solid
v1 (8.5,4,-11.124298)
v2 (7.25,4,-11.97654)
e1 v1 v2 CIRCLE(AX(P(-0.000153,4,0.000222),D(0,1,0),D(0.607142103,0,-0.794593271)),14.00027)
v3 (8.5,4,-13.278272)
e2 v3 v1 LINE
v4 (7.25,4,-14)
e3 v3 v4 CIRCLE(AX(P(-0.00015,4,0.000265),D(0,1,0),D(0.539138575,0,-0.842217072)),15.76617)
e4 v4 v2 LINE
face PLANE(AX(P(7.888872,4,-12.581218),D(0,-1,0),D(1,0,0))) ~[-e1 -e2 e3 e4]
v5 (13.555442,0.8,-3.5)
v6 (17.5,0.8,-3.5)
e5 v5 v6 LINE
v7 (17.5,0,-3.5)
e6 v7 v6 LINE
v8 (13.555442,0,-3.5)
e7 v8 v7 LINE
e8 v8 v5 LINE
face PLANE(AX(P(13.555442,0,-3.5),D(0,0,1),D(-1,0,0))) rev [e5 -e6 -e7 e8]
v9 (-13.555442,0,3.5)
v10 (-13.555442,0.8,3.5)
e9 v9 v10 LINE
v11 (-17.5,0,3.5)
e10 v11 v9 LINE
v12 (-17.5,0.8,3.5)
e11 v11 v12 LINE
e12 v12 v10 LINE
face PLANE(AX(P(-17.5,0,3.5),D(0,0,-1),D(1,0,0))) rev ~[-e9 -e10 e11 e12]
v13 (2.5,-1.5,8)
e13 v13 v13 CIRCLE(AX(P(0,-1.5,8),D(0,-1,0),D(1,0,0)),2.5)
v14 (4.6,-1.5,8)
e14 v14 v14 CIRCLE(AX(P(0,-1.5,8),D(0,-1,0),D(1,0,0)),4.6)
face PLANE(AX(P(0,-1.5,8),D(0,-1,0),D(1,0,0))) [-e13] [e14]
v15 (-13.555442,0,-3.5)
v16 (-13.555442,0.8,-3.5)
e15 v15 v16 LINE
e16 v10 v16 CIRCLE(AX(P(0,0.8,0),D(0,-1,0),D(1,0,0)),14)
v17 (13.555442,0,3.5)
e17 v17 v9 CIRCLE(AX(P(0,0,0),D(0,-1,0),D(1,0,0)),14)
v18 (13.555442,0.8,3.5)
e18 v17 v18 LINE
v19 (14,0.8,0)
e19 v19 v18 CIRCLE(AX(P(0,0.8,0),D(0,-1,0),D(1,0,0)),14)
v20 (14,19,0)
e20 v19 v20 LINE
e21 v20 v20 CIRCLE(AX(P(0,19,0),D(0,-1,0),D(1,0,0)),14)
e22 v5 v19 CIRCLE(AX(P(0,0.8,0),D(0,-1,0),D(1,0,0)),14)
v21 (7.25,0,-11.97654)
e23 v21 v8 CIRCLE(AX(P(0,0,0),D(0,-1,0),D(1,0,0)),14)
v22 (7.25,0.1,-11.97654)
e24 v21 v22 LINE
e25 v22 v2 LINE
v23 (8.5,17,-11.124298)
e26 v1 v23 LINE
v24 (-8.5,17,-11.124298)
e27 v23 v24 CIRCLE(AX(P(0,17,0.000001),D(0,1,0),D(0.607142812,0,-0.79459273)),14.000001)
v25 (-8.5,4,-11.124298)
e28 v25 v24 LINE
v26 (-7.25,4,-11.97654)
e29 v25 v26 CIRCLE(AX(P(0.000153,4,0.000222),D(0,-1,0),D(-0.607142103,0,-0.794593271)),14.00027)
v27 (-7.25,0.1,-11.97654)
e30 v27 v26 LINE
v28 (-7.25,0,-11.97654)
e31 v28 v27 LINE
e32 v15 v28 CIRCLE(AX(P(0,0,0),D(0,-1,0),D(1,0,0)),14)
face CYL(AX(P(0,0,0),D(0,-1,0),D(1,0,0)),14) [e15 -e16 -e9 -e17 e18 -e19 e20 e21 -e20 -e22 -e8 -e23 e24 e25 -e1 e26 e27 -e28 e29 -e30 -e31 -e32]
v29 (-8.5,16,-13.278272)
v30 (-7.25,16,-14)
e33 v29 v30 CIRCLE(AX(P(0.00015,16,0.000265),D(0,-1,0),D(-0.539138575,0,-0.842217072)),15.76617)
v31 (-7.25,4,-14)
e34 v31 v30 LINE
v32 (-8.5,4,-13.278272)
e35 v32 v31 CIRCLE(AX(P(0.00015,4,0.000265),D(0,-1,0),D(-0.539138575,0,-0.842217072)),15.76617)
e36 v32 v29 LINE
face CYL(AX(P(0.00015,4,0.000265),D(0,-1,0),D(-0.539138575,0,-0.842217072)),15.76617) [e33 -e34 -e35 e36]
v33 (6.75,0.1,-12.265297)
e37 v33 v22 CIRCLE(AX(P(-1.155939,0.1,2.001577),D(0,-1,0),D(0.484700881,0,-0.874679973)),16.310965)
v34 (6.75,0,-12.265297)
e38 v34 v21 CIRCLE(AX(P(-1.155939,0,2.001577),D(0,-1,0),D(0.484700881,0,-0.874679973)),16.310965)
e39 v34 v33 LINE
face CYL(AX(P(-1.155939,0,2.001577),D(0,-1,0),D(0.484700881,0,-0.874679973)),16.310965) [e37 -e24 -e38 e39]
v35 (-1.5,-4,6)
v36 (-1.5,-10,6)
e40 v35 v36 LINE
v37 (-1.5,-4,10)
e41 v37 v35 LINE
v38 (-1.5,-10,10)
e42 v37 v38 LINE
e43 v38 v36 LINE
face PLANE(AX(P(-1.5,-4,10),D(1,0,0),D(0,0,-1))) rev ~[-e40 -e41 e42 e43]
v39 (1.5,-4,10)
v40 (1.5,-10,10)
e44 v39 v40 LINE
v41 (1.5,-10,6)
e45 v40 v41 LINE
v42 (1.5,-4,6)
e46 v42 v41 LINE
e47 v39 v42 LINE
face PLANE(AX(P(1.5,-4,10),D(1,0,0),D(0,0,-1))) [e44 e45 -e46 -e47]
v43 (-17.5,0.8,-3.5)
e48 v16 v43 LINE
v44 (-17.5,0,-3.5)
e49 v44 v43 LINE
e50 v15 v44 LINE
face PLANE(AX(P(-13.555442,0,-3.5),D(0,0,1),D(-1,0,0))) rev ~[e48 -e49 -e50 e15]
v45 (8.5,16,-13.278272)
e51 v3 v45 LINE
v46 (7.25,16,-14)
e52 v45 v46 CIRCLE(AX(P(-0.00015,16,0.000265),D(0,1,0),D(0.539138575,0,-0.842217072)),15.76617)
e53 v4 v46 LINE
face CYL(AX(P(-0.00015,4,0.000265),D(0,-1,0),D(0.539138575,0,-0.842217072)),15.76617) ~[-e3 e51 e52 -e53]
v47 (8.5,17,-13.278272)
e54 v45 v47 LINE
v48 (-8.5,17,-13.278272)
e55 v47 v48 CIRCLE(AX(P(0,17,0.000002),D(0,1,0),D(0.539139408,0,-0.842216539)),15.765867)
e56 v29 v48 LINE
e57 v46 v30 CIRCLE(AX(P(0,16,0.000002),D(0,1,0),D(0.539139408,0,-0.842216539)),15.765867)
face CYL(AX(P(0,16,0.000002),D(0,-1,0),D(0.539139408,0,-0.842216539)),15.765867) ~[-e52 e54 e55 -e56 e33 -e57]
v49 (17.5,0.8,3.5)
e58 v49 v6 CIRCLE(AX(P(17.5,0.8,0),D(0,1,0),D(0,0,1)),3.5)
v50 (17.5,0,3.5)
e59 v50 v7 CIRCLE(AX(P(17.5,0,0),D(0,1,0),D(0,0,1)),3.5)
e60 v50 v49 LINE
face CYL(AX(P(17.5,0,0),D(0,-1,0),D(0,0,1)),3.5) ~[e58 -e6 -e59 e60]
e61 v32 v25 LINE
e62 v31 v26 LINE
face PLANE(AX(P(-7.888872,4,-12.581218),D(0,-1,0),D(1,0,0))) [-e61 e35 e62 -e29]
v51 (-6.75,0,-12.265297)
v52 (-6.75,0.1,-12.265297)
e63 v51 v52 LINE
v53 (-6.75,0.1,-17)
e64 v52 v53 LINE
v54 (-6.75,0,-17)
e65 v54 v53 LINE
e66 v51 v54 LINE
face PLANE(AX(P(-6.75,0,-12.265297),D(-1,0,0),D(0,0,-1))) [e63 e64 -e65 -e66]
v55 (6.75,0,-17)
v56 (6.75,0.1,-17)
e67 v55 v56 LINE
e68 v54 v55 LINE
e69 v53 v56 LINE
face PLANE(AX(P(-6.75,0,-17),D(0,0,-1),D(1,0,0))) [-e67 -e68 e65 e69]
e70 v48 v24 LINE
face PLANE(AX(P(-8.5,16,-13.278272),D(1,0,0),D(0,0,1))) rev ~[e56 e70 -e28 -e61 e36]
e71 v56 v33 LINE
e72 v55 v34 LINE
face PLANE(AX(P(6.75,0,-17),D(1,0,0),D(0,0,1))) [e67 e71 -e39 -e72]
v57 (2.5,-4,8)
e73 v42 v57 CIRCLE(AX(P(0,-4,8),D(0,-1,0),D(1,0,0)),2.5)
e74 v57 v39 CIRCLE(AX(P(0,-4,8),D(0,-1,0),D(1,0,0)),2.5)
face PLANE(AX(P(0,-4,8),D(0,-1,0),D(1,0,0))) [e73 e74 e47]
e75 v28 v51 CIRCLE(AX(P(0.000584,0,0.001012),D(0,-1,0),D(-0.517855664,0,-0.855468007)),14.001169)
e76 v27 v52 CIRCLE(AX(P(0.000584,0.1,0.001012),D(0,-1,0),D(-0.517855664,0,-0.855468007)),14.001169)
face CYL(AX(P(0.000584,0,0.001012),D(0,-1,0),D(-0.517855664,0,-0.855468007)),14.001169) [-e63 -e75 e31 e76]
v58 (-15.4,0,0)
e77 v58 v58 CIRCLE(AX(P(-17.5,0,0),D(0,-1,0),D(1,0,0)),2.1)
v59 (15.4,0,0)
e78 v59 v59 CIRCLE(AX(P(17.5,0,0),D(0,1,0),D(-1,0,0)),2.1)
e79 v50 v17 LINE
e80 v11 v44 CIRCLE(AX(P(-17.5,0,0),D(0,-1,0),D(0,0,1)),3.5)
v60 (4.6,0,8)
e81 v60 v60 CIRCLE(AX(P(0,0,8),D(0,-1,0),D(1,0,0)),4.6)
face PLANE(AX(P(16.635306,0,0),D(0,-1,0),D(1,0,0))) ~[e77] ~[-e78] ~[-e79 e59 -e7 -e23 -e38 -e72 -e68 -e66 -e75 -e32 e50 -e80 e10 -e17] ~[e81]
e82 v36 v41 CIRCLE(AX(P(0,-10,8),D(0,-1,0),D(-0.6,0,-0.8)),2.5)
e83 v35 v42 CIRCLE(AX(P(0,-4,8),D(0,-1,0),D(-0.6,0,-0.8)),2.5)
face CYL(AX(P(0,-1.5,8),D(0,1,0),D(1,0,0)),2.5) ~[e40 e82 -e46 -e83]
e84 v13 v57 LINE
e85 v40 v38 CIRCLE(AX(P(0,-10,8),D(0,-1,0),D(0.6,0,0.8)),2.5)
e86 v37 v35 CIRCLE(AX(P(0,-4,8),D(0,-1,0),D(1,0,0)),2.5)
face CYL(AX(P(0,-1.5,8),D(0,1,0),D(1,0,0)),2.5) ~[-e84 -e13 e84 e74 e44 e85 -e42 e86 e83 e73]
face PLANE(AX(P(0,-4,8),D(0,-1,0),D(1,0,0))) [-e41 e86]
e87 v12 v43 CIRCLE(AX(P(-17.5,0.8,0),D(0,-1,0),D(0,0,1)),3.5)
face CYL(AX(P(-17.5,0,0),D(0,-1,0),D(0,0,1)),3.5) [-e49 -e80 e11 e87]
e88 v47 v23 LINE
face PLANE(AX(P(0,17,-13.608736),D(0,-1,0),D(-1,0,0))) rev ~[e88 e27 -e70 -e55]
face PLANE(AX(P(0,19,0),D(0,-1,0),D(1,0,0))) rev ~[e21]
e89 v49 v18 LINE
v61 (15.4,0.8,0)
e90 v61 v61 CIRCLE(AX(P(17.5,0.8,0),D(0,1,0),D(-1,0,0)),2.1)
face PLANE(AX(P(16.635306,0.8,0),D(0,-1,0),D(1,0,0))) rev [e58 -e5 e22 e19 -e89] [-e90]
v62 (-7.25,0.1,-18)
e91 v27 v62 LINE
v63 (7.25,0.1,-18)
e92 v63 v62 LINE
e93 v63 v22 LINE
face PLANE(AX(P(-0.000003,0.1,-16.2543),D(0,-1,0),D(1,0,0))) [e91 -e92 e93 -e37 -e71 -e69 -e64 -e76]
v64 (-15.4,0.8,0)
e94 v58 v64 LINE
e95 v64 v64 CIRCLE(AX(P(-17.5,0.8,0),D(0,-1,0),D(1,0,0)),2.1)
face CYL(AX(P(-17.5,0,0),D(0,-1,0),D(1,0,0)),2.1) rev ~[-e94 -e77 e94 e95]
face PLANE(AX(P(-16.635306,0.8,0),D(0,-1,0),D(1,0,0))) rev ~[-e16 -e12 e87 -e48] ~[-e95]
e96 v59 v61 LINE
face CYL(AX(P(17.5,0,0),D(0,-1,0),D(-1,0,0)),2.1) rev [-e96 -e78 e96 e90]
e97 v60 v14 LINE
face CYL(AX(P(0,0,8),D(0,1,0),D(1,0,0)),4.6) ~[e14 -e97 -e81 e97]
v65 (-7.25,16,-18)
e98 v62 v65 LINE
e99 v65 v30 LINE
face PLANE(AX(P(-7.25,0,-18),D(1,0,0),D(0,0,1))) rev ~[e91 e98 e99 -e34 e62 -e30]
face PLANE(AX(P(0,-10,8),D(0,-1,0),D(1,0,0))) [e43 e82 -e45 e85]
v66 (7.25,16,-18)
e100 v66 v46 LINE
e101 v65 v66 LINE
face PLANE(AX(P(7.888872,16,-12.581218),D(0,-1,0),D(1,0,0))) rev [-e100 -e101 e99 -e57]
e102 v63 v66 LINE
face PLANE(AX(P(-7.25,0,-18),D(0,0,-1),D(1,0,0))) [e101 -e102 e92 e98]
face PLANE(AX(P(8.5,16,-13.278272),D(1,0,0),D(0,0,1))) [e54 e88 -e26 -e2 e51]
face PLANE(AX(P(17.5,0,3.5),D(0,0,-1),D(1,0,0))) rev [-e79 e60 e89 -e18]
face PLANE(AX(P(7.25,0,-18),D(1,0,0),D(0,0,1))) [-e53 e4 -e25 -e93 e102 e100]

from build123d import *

# Parameters (mm, degrees)
SKETCH010_R     = 14
PAD005_DEPTH    = 19
SKETCH011_W     = 14.5
SKETCH011_H     = 6.02346
PAD006_DEPTH    = 16
SKETCH012_R     = 2.1
PAD007_DEPTH    = 0.8
SKETCH013_R     = 4.6
PAD008_DEPTH    = 1.5
SKETCH014_R     = 2.5
PAD009_DEPTH    = 2.5
PAD010_DEPTH    = 6
PAD011_DEPTH    = 12
PAD012_DEPTH    = 1
POCKET006_DEPTH = 0.1


with BuildPart() as part:
    # Sketch010 → Pad005 (new body)
    with BuildSketch(Plane.XZ):
        Circle(SKETCH010_R)
    extrude(amount=-PAD005_DEPTH)

    # Sketch011 (on Face2 of Pad005) → Pad006 (join)
    with BuildSketch(Plane.XZ):
        with Locations((0, -14.98827)):
            Rectangle(SKETCH011_W, SKETCH011_H)
    extrude(amount=-PAD006_DEPTH)

    # Sketch012 (on Face7 of Pad006) → Pad007 (join)
    with BuildSketch(Plane.XZ):
        with BuildLine():
            ThreePointArc((-17.5, 3.5), (-21, 0), (-17.5, -3.5))
            Line((-13.555442, -3.5), (-17.5, -3.5))
            Line((-13.555442, 3.5), (-13.555442, -3.5))
            Line((-17.5, 3.5), (-13.555442, 3.5))
        make_face()
        with Locations((-17.5, 0)):
            Circle(SKETCH012_R, mode=Mode.SUBTRACT)
    pad007 = extrude(amount=-PAD007_DEPTH)

    # Mirrored: Pad007 across Sketch012 V_Axis
    add(pad007.mirror(Plane(origin=(0, 0, 0), x_dir=(0, -1, 0), z_dir=(1, 0, 0))))

    # Sketch013 (on Face17 of Mirrored) → Pad008 (join)
    with BuildSketch(Plane.XZ):
        with Locations((0, 8)):
            Circle(SKETCH013_R)
    extrude(amount=PAD008_DEPTH)

    # Sketch014 (on Face19 of Pad008) → Pad009 (join)
    with BuildSketch(Plane.XZ.offset(1.5)):
        with Locations((0, 8)):
            Circle(SKETCH014_R)
    extrude(amount=PAD009_DEPTH)

    # Sketch015 (on Face21 of Pad009) → Pad010 (join)
    with BuildSketch(Plane.XZ.offset(4)):
        with BuildLine():
            Line((-1.5, 10), (-1.5, 6))
            ThreePointArc((-1.5, 6), (0, 5.5), (1.5, 6))
            Line((1.5, 10), (1.5, 6))
            ThreePointArc((1.5, 10), (0, 10.5), (-1.5, 10))
        make_face()
    extrude(amount=PAD010_DEPTH)

    # Sketch016 (on DatumPlane) → Pad011 (join)
    with BuildSketch(Plane.XZ.offset(-4)):
        with BuildLine():
            ThreePointArc((-8.5, -13.278272), (-7.883264, -13.653448), (-7.25, -14))
            Line((-7.25, -14), (-7.25, -11.97654))
            ThreePointArc((-8.5, -11.124298), (-7.88652, -11.567316), (-7.25, -11.97654))
            Line((-8.5, -13.278272), (-8.5, -11.124298))
        make_face()
    pad011 = extrude(amount=-PAD011_DEPTH)

    # Mirrored001: Pad011 across Sketch016 V_Axis
    add(pad011.mirror(Plane(origin=(0, 4, 0), x_dir=(0, -1, 0), z_dir=(1, 0, 0))))

    # Sketch017 (on Face31 of Mirrored001) → Pad012 (join)
    with BuildSketch(Plane(origin=(0, 16, 0), x_dir=(1, 0, 0), z_dir=(0, 1, 0))):
        with BuildLine():
            ThreePointArc((8.5, 11.124298), (0, 14), (-8.5, 11.124298))
            Line((-8.5, 13.278272), (-8.5, 11.124298))
            ThreePointArc((8.5, 13.278272), (0, 15.765865), (-8.5, 13.278272))
            Line((8.5, 13.278272), (8.5, 11.124298))
        make_face()
    extrude(amount=PAD012_DEPTH)

    # Sketch018 (on Face9 of Pad012) → Pocket006 (cut)
    with BuildSketch(Plane.XZ):
        with BuildLine():
            Line((-7.25, -11.97654), (-7.25, -18))
            Line((7.25, -18), (-7.25, -18))
            Line((7.25, -18), (7.25, -11.97654))
            ThreePointArc((6.75, -12.265297), (7.001278, -12.123131), (7.25, -11.97654))
            Line((6.75, -17), (6.75, -12.265297))
            Line((-6.75, -17), (6.75, -17))
            Line((-6.75, -12.265297), (-6.75, -17))
            ThreePointArc((-7.25, -11.97654), (-7.001489, -12.123496), (-6.75, -12.265297))
        make_face()
    extrude(amount=-POCKET006_DEPTH, mode=Mode.SUBTRACT)


solid = part.part
